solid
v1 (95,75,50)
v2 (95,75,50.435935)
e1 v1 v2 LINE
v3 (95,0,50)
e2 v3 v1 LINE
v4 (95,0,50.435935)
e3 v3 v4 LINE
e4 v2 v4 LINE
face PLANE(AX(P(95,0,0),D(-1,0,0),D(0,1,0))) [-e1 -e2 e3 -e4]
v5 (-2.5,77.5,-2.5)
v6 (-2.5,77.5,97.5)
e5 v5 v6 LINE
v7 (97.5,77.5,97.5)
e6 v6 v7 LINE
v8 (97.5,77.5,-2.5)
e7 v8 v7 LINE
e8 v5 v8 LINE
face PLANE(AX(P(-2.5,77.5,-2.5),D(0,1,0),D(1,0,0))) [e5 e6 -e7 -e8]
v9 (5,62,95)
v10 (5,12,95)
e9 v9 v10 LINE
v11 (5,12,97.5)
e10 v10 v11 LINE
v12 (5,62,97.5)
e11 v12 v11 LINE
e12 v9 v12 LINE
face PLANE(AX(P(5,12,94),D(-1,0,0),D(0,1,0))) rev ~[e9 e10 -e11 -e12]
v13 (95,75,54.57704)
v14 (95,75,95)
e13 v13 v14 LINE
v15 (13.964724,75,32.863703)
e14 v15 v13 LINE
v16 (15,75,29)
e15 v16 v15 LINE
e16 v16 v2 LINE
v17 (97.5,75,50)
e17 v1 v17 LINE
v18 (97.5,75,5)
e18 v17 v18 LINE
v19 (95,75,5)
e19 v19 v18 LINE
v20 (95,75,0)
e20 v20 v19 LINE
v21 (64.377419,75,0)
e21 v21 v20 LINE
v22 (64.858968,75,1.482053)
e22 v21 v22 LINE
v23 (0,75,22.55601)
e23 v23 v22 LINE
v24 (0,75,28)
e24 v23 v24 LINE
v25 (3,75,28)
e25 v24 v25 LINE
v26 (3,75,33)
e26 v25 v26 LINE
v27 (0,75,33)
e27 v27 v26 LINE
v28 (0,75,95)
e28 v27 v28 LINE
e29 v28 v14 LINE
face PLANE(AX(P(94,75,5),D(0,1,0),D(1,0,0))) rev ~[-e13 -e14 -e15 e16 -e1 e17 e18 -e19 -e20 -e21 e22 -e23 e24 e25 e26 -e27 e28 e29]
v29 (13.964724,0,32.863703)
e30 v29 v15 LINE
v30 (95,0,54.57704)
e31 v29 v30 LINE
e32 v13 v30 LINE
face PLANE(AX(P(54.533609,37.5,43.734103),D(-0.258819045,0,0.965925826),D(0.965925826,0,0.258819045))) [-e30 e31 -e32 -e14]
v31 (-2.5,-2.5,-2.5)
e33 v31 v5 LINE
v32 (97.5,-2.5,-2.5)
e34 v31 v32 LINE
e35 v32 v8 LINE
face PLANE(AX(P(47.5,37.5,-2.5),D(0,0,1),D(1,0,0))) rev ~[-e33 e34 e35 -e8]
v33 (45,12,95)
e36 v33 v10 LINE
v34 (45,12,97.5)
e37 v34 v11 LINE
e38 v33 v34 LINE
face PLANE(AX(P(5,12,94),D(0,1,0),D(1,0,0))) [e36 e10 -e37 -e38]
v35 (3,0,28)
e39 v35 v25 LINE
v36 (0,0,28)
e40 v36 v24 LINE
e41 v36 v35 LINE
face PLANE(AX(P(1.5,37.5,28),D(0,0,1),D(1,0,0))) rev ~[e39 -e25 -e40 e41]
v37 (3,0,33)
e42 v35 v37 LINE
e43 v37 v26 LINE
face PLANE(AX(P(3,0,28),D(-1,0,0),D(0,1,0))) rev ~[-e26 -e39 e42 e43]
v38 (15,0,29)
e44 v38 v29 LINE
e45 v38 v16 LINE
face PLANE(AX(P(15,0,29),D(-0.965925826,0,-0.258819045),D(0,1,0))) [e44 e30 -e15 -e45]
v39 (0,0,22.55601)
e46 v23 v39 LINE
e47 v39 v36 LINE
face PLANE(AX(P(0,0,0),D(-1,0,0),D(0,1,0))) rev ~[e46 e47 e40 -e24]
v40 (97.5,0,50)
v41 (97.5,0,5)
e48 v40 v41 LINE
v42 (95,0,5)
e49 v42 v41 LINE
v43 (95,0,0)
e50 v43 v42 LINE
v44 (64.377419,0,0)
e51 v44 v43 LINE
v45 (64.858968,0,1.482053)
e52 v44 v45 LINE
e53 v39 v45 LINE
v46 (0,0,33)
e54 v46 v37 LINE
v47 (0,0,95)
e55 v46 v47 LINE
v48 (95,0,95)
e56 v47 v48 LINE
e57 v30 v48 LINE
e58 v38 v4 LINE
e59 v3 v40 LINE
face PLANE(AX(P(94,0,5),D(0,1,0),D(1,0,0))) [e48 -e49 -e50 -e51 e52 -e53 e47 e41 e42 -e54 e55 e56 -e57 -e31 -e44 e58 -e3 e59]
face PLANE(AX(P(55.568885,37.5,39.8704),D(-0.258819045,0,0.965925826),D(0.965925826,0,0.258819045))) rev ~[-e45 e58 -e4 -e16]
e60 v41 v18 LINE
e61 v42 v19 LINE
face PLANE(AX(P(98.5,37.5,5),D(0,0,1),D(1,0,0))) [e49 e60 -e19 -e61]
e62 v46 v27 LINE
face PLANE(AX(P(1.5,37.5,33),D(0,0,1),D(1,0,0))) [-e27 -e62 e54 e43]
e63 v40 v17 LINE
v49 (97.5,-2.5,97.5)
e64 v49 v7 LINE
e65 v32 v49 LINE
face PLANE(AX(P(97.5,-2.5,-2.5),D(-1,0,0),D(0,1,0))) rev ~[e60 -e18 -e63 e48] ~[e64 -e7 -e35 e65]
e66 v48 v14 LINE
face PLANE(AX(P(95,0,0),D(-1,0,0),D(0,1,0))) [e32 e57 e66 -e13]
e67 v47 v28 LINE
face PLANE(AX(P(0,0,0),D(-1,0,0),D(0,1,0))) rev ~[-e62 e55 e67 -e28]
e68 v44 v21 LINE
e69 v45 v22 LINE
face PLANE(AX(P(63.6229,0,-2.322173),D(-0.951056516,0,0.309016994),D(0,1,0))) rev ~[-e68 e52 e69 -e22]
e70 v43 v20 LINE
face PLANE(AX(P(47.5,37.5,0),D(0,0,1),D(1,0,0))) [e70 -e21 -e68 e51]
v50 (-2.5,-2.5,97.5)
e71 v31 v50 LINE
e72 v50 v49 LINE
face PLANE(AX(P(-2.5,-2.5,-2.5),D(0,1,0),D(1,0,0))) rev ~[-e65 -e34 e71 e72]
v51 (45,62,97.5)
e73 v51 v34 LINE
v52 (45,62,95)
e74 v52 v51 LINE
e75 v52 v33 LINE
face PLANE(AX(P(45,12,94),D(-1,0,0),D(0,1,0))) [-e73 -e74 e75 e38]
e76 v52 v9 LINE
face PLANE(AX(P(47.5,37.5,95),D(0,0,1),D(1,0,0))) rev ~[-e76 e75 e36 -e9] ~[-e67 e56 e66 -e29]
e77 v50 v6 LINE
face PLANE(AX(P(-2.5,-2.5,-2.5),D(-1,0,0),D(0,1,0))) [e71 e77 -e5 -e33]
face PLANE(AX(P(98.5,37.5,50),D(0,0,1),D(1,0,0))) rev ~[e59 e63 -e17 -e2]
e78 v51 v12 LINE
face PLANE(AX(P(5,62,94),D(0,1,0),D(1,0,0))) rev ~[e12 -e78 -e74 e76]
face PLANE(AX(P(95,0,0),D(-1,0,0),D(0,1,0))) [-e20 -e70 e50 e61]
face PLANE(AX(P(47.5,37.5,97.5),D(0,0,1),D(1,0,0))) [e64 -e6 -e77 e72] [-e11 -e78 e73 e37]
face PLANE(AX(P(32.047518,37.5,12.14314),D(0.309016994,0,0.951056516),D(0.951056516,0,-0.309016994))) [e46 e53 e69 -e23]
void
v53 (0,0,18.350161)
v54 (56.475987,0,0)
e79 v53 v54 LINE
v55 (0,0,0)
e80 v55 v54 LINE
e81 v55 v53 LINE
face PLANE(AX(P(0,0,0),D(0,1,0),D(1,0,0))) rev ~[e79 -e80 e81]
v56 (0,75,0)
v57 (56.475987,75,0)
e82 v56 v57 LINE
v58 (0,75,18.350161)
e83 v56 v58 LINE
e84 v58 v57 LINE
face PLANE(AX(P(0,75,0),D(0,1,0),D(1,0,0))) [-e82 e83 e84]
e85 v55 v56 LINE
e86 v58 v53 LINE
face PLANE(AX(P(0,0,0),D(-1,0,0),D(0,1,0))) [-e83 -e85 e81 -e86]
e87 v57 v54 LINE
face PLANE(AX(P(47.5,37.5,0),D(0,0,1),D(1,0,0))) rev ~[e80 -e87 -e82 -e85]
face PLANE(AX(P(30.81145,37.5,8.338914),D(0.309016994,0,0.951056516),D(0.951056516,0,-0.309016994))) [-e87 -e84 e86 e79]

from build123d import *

# Parameters (mm, degrees)
BOX006_W           = 9
BOX006_H           = 75
BOX006_DEPTH       = 45
BOX002_W           = 40
BOX002_H           = 50
BOX002_DEPTH       = 5
BOX001_W           = 95
BOX001_H           = 75
BOX001_DEPTH       = 95
BOX_W              = 100
BOX_H              = 80
BOX_DEPTH          = 100
BOX003_W           = 84
BOX003_H           = 75
BOX003_DEPTH       = 4
BOX003_PITCH_ANGLE = -15
BOX004_W           = 3
BOX004_H           = 75
BOX004_DEPTH       = 5
BOX005_W           = 69
BOX005_H           = 75
BOX005_DEPTH       = 4
BOX005_PITCH_ANGLE = 18


with BuildPart() as cube005:
    # Box006 → Box006 (new body)
    with BuildSketch(Plane(origin=(94, 0, 5), x_dir=(1, 0, 0), z_dir=(0, 0, 1))):
        with Locations((4.5, 37.5)):
            Rectangle(BOX006_W, BOX006_H)
    extrude(amount=BOX006_DEPTH)


with BuildPart() as cube001:
    # Box002 → Box002 (new body)
    with BuildSketch(Plane(origin=(5, 12, 94), x_dir=(1, 0, 0), z_dir=(0, 0, 1))):
        with Locations((20, 25)):
            Rectangle(BOX002_W, BOX002_H)
    extrude(amount=BOX002_DEPTH)


with BuildPart() as inside_hole:
    # Box001 → Box001 (new body)
    with BuildSketch(Plane.XY):
        with Locations((47.5, 37.5)):
            Rectangle(BOX001_W, BOX001_H)
    extrude(amount=BOX001_DEPTH)


with BuildPart() as cut001:
    # Box → Box (new body)
    with BuildSketch(Plane(origin=(-2.5, -2.5, -2.5), x_dir=(1, 0, 0), z_dir=(0, 0, 1))):
        with Locations((50, 40)):
            Rectangle(BOX_W, BOX_H)
    extrude(amount=BOX_DEPTH)

    # Cut: cut inside hole
    add(inside_hole.part, mode=Mode.SUBTRACT)

    # Cut001: cut Cube001
    add(cube001.part, mode=Mode.SUBTRACT)


with BuildPart() as fusion:
    # Box003 → Box003 (new body)
    with BuildSketch(Plane.XY):
        with Locations((42, 37.5)):
            Rectangle(BOX003_W, BOX003_H)
    extrude(amount=BOX003_DEPTH)


with BuildPart() as fusion_1:
    # Box003 pitch: moved
    add(fusion.part.rotate(Axis((0, 0, 0), (0, 1, 0)), BOX003_PITCH_ANGLE))


with BuildPart() as fusion_2:
    # Box003 placement: moved
    add(fusion_1.part.moved(Location((15, 0, 29))))

    # Fusion: union Cut001
    add(cut001.part)


with BuildPart() as fusion001:
    # Box004 → Box004 (new body)
    with BuildSketch(Plane.XY.offset(28)):
        with Locations((1.5, 37.5)):
            Rectangle(BOX004_W, BOX004_H)
    extrude(amount=BOX004_DEPTH)

    # Fusion001: union Fusion
    add(fusion_2.part)


with BuildPart() as compartment:
    # Box005 → Box005 (new body)
    with BuildSketch(Plane.XY):
        with Locations((34.5, 37.5)):
            Rectangle(BOX005_W, BOX005_H)
    extrude(amount=BOX005_DEPTH)


with BuildPart() as compartment_1:
    # Box005 pitch: moved
    add(compartment.part.rotate(Axis((0, 0, 0), (0, 1, 0)), BOX005_PITCH_ANGLE))


with BuildPart() as compartment_2:
    # Box005 placement: moved
    add(compartment_1.part.moved(Location((-2, 0, 19))))

    # Fusion002: union Fusion001
    add(fusion001.part)

    # Cut002: cut Cube005
    add(cube005.part, mode=Mode.SUBTRACT)


solid = compartment_2.part
